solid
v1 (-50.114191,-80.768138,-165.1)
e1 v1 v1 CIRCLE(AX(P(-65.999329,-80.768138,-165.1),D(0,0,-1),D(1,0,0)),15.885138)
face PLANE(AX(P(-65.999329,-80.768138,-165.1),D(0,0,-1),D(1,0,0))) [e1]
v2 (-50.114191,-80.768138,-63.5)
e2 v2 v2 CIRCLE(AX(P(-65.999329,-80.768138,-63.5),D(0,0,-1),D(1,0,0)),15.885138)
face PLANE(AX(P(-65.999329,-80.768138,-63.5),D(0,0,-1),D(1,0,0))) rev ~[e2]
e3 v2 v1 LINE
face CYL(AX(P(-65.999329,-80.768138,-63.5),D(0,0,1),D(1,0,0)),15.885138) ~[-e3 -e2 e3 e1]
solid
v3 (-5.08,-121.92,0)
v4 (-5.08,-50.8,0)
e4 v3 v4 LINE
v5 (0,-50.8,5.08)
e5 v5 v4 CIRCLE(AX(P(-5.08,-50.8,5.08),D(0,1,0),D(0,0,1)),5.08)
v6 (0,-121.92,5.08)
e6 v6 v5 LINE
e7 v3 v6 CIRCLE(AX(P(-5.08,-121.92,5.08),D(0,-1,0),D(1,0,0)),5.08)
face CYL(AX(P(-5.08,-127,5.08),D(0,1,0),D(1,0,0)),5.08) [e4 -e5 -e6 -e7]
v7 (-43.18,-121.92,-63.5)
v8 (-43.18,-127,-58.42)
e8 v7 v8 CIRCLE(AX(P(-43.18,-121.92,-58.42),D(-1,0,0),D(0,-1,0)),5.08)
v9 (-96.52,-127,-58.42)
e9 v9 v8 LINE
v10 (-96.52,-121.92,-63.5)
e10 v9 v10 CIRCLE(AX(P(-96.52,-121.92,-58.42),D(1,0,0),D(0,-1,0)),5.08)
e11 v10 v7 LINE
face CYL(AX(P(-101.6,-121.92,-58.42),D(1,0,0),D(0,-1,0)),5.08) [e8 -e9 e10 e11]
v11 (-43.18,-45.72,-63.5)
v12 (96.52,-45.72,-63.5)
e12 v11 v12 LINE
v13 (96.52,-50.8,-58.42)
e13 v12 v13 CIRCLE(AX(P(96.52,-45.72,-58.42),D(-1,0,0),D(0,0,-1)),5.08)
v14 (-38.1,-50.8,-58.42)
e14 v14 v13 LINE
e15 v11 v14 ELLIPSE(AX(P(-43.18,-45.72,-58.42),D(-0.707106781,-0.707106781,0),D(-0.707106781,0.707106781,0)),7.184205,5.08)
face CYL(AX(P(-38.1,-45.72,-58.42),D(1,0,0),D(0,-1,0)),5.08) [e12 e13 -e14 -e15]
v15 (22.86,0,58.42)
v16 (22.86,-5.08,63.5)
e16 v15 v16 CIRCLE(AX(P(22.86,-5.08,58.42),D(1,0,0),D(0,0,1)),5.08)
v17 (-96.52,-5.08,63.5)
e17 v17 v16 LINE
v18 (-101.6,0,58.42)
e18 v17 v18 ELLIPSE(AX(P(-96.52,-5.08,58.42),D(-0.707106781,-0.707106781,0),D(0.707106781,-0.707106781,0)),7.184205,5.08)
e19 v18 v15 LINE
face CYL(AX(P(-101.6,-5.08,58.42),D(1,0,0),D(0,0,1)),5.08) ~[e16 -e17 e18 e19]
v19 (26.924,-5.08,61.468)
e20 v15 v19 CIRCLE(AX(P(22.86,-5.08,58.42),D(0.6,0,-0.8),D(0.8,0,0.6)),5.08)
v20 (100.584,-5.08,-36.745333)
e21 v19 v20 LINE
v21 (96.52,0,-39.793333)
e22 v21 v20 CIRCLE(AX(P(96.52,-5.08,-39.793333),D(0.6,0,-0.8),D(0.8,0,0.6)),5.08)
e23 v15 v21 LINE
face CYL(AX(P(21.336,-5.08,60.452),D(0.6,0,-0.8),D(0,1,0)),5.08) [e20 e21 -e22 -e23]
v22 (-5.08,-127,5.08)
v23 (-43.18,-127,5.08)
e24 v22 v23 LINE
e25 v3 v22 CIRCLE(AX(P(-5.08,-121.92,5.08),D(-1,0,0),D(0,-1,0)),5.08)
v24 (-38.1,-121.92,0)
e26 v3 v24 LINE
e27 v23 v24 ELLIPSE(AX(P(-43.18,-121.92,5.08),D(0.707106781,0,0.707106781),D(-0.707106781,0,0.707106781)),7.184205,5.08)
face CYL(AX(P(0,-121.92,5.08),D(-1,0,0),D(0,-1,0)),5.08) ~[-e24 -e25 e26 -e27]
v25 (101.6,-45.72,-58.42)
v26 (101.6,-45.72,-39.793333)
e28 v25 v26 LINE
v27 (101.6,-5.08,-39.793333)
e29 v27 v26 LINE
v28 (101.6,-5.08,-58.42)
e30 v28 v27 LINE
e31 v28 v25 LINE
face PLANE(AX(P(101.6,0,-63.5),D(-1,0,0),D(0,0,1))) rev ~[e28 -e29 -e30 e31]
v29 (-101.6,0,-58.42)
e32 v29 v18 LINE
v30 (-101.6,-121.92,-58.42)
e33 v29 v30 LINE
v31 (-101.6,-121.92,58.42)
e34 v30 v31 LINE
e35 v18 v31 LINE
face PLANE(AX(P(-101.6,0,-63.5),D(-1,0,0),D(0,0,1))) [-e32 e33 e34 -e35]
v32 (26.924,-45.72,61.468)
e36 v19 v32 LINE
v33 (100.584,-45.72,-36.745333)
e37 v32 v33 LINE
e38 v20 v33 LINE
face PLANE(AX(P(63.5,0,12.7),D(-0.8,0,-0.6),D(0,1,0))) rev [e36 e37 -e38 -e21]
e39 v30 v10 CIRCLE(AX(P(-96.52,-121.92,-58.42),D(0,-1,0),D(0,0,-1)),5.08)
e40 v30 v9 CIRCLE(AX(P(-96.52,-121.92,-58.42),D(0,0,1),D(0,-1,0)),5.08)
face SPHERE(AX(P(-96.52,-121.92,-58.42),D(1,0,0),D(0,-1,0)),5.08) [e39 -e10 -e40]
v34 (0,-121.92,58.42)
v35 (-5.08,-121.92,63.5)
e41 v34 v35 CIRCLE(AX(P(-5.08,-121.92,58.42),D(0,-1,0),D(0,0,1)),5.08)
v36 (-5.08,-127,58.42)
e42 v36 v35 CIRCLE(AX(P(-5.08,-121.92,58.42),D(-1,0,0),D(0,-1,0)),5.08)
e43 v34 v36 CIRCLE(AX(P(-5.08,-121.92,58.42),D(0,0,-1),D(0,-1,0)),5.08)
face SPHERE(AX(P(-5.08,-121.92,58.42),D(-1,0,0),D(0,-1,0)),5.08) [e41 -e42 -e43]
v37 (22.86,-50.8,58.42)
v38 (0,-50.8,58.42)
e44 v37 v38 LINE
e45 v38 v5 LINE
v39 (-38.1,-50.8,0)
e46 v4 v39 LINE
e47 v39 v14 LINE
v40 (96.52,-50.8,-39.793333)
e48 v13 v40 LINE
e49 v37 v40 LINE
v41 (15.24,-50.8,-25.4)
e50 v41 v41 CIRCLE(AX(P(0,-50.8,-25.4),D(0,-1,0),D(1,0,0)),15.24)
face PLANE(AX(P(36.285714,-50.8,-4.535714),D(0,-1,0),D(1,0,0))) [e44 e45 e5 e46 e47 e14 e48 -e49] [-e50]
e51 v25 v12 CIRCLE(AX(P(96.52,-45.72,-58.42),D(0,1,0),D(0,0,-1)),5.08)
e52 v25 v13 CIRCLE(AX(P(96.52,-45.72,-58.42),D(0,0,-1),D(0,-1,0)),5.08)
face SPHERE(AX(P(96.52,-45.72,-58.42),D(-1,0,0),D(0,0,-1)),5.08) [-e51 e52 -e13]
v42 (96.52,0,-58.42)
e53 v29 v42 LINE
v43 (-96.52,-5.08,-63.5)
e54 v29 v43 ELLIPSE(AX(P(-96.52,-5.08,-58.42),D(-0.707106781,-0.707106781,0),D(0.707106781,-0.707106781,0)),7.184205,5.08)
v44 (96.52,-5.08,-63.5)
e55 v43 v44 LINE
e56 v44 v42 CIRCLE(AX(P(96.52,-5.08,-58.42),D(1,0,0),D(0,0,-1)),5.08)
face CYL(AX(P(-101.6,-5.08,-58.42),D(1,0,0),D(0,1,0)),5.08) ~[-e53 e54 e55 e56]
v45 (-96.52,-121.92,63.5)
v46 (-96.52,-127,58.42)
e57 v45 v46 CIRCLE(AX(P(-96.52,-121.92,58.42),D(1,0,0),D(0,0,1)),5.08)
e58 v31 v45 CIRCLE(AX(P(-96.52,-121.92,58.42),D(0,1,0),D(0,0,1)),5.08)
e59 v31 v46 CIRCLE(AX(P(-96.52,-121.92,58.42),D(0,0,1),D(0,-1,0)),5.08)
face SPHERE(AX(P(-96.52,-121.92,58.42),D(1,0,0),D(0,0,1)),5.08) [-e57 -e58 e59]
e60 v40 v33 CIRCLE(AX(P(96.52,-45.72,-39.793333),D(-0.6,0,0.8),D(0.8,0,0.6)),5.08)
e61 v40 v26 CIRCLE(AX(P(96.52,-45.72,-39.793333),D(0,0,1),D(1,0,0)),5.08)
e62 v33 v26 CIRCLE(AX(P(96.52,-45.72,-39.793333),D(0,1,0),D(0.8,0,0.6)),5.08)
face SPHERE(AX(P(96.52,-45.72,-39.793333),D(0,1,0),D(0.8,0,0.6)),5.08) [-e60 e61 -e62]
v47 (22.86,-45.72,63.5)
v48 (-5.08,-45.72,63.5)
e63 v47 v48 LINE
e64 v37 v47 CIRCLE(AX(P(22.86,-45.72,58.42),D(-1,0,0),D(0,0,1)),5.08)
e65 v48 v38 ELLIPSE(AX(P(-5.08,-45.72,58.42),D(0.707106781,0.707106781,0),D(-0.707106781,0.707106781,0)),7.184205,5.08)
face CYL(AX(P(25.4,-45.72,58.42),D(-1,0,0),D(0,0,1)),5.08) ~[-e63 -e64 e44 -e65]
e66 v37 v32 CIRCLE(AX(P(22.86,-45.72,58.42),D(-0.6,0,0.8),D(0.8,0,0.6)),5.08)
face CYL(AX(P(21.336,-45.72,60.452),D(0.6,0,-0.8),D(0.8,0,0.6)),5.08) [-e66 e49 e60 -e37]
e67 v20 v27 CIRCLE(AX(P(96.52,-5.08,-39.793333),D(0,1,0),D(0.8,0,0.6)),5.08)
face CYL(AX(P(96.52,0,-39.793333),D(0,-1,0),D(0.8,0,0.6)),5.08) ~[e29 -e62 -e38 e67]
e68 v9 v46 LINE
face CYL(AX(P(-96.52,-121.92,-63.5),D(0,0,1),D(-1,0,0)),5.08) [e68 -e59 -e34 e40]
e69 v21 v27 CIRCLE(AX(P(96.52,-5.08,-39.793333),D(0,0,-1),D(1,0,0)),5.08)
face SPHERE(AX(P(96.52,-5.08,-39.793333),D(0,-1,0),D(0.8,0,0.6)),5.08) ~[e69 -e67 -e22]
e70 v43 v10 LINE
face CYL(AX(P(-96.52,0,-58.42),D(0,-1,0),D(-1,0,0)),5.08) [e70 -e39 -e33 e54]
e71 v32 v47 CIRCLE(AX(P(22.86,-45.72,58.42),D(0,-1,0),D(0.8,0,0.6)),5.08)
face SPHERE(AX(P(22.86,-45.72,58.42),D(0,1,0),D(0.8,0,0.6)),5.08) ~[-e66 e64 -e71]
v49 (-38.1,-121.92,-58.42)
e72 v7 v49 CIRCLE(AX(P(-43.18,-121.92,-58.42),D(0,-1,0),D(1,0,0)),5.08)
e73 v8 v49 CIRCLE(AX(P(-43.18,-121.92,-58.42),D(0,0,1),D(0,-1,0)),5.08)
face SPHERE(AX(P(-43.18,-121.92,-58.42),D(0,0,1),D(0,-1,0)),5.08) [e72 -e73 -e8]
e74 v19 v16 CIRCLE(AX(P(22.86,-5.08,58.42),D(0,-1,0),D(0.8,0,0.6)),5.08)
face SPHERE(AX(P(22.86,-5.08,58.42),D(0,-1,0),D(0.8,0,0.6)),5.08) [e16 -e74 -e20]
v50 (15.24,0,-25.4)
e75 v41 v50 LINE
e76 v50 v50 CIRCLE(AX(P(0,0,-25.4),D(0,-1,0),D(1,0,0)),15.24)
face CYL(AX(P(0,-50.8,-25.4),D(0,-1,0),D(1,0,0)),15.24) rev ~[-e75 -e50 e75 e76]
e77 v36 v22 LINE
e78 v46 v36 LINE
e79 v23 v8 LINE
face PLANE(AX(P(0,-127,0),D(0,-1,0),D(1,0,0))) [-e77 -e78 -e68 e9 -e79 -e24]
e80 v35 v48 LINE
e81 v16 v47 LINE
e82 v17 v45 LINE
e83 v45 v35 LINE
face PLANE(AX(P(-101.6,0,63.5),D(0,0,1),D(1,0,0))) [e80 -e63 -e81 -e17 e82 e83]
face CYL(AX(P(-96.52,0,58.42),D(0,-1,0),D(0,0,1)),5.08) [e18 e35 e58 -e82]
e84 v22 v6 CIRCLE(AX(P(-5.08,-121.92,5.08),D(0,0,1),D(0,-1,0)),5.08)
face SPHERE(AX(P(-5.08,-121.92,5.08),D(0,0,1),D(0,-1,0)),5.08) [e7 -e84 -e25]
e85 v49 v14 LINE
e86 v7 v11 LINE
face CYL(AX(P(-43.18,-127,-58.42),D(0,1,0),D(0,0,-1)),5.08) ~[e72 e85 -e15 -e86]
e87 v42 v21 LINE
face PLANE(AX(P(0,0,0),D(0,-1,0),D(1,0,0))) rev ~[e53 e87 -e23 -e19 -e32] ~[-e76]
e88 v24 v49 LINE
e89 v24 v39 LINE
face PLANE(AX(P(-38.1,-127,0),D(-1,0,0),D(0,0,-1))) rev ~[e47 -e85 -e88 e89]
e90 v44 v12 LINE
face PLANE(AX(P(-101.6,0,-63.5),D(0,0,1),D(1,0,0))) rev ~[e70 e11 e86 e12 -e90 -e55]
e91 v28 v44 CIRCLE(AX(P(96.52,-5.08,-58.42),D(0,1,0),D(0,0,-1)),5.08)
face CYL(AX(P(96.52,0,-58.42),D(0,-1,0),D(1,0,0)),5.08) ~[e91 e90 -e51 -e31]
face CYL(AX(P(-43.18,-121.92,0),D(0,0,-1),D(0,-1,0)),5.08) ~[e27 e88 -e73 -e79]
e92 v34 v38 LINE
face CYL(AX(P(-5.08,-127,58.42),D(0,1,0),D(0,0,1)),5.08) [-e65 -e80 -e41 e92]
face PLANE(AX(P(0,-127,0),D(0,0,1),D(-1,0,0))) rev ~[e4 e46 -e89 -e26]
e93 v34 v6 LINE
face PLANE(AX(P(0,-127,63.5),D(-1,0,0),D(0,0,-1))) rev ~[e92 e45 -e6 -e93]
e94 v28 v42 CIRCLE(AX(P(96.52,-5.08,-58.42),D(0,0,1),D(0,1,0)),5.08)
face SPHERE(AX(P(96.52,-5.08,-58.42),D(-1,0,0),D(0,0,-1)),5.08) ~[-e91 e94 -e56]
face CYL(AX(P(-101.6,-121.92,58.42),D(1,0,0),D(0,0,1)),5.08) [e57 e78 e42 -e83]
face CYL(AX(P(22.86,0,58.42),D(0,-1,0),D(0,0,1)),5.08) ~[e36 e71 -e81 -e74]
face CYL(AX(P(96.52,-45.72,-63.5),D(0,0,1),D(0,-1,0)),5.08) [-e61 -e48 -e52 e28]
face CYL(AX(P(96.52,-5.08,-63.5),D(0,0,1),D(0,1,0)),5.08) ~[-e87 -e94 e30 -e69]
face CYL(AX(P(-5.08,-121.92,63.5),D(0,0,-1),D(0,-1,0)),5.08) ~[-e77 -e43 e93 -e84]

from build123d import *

# Parameters (mm, degrees)
F0_W     = 203.2
F0_H     = 127
F1_DEPTH = 127
F3_DEPTH = 76.2
F4_SIZE2 = 101.6
F4_SIZE  = 76.2
F5_R     = 5.08
F6_R     = 15.24
F7_DEPTH = 381
F8_R     = 15.8851382335
F9_DEPTH = 101.6


with BuildPart() as f1:
    # F0 (on Front) → F1 (new body)
    with BuildSketch(Plane.XZ):
        Rectangle(F0_W, F0_H)
    extrude(amount=F1_DEPTH)

    # F2 (on face) → F3 (cut)
    with BuildSketch(Plane.XZ.offset(127)):
        Polygon((-38.1, 0), (-38.1, -63.5), (101.6, -63.5), (101.6, 63.5), (0, 63.5), (0, 0), align=None)
    extrude(amount=-F3_DEPTH, mode=Mode.SUBTRACT)

    # F4
    f4_edges = [f1.edges().sort_by_distance(p)[0] for p in [
        (101.6, -25.4, 63.5),
    ]]
    f4_side = f1.faces().sort_by_distance((-21.771429, -52.614286, 63.5))[0]
    chamfer(f4_edges, length=F4_SIZE, length2=F4_SIZE2, reference=f4_side)

    # F5
    f5_edges = [f1.edges().sort_by_distance(p)[0] for p in [
        (-50.8, -127, 63.5),
        (-101.6, -63.5, 63.5),
        (12.7, -50.8, 63.5),
        (0, -127, 31.75),
        (-19.05, -127, 0),
        (-38.1, -127, -31.75),
        (-69.85, -127, -63.5),
        (-101.6, -127, 0),
        (-38.1, -88.9, -63.5),
        (31.75, -50.8, -63.5),
        (0, 0, -63.5),
        (101.6, -25.4, -63.5),
        (-101.6, -63.5, -63.5),
        (-38.1, 0, 63.5),
        (25.4, -25.4, 63.5),
        (0, -88.9, 63.5),
        (0, -88.9, 0),
        (101.6, -25.4, -38.1),
        (63.5, -50.8, 12.7),
        (63.5, 0, 12.7),
        (101.6, -50.8, -50.8),
        (101.6, 0, -50.8),
    ]]
    fillet(f5_edges, radius=F5_R)

    # F6 (on face) → F7 (cut)
    with BuildSketch(Plane.XZ.offset(50.8)):
        with Locations((0, -25.4)):
            Circle(F6_R)
    extrude(amount=-F7_DEPTH, mode=Mode.SUBTRACT)


with BuildPart() as f9:
    # F8 (on face) → F9 (new body)
    with BuildSketch(Plane(origin=(0, 0, -63.5), x_dir=(1, 0, 0), z_dir=(0, 0, -1))):
        with Locations((-65.9993290901, 80.7681381702)):
            Circle(F8_R)
    extrude(amount=F9_DEPTH)


solid = Compound([f1.part, f9.part])
